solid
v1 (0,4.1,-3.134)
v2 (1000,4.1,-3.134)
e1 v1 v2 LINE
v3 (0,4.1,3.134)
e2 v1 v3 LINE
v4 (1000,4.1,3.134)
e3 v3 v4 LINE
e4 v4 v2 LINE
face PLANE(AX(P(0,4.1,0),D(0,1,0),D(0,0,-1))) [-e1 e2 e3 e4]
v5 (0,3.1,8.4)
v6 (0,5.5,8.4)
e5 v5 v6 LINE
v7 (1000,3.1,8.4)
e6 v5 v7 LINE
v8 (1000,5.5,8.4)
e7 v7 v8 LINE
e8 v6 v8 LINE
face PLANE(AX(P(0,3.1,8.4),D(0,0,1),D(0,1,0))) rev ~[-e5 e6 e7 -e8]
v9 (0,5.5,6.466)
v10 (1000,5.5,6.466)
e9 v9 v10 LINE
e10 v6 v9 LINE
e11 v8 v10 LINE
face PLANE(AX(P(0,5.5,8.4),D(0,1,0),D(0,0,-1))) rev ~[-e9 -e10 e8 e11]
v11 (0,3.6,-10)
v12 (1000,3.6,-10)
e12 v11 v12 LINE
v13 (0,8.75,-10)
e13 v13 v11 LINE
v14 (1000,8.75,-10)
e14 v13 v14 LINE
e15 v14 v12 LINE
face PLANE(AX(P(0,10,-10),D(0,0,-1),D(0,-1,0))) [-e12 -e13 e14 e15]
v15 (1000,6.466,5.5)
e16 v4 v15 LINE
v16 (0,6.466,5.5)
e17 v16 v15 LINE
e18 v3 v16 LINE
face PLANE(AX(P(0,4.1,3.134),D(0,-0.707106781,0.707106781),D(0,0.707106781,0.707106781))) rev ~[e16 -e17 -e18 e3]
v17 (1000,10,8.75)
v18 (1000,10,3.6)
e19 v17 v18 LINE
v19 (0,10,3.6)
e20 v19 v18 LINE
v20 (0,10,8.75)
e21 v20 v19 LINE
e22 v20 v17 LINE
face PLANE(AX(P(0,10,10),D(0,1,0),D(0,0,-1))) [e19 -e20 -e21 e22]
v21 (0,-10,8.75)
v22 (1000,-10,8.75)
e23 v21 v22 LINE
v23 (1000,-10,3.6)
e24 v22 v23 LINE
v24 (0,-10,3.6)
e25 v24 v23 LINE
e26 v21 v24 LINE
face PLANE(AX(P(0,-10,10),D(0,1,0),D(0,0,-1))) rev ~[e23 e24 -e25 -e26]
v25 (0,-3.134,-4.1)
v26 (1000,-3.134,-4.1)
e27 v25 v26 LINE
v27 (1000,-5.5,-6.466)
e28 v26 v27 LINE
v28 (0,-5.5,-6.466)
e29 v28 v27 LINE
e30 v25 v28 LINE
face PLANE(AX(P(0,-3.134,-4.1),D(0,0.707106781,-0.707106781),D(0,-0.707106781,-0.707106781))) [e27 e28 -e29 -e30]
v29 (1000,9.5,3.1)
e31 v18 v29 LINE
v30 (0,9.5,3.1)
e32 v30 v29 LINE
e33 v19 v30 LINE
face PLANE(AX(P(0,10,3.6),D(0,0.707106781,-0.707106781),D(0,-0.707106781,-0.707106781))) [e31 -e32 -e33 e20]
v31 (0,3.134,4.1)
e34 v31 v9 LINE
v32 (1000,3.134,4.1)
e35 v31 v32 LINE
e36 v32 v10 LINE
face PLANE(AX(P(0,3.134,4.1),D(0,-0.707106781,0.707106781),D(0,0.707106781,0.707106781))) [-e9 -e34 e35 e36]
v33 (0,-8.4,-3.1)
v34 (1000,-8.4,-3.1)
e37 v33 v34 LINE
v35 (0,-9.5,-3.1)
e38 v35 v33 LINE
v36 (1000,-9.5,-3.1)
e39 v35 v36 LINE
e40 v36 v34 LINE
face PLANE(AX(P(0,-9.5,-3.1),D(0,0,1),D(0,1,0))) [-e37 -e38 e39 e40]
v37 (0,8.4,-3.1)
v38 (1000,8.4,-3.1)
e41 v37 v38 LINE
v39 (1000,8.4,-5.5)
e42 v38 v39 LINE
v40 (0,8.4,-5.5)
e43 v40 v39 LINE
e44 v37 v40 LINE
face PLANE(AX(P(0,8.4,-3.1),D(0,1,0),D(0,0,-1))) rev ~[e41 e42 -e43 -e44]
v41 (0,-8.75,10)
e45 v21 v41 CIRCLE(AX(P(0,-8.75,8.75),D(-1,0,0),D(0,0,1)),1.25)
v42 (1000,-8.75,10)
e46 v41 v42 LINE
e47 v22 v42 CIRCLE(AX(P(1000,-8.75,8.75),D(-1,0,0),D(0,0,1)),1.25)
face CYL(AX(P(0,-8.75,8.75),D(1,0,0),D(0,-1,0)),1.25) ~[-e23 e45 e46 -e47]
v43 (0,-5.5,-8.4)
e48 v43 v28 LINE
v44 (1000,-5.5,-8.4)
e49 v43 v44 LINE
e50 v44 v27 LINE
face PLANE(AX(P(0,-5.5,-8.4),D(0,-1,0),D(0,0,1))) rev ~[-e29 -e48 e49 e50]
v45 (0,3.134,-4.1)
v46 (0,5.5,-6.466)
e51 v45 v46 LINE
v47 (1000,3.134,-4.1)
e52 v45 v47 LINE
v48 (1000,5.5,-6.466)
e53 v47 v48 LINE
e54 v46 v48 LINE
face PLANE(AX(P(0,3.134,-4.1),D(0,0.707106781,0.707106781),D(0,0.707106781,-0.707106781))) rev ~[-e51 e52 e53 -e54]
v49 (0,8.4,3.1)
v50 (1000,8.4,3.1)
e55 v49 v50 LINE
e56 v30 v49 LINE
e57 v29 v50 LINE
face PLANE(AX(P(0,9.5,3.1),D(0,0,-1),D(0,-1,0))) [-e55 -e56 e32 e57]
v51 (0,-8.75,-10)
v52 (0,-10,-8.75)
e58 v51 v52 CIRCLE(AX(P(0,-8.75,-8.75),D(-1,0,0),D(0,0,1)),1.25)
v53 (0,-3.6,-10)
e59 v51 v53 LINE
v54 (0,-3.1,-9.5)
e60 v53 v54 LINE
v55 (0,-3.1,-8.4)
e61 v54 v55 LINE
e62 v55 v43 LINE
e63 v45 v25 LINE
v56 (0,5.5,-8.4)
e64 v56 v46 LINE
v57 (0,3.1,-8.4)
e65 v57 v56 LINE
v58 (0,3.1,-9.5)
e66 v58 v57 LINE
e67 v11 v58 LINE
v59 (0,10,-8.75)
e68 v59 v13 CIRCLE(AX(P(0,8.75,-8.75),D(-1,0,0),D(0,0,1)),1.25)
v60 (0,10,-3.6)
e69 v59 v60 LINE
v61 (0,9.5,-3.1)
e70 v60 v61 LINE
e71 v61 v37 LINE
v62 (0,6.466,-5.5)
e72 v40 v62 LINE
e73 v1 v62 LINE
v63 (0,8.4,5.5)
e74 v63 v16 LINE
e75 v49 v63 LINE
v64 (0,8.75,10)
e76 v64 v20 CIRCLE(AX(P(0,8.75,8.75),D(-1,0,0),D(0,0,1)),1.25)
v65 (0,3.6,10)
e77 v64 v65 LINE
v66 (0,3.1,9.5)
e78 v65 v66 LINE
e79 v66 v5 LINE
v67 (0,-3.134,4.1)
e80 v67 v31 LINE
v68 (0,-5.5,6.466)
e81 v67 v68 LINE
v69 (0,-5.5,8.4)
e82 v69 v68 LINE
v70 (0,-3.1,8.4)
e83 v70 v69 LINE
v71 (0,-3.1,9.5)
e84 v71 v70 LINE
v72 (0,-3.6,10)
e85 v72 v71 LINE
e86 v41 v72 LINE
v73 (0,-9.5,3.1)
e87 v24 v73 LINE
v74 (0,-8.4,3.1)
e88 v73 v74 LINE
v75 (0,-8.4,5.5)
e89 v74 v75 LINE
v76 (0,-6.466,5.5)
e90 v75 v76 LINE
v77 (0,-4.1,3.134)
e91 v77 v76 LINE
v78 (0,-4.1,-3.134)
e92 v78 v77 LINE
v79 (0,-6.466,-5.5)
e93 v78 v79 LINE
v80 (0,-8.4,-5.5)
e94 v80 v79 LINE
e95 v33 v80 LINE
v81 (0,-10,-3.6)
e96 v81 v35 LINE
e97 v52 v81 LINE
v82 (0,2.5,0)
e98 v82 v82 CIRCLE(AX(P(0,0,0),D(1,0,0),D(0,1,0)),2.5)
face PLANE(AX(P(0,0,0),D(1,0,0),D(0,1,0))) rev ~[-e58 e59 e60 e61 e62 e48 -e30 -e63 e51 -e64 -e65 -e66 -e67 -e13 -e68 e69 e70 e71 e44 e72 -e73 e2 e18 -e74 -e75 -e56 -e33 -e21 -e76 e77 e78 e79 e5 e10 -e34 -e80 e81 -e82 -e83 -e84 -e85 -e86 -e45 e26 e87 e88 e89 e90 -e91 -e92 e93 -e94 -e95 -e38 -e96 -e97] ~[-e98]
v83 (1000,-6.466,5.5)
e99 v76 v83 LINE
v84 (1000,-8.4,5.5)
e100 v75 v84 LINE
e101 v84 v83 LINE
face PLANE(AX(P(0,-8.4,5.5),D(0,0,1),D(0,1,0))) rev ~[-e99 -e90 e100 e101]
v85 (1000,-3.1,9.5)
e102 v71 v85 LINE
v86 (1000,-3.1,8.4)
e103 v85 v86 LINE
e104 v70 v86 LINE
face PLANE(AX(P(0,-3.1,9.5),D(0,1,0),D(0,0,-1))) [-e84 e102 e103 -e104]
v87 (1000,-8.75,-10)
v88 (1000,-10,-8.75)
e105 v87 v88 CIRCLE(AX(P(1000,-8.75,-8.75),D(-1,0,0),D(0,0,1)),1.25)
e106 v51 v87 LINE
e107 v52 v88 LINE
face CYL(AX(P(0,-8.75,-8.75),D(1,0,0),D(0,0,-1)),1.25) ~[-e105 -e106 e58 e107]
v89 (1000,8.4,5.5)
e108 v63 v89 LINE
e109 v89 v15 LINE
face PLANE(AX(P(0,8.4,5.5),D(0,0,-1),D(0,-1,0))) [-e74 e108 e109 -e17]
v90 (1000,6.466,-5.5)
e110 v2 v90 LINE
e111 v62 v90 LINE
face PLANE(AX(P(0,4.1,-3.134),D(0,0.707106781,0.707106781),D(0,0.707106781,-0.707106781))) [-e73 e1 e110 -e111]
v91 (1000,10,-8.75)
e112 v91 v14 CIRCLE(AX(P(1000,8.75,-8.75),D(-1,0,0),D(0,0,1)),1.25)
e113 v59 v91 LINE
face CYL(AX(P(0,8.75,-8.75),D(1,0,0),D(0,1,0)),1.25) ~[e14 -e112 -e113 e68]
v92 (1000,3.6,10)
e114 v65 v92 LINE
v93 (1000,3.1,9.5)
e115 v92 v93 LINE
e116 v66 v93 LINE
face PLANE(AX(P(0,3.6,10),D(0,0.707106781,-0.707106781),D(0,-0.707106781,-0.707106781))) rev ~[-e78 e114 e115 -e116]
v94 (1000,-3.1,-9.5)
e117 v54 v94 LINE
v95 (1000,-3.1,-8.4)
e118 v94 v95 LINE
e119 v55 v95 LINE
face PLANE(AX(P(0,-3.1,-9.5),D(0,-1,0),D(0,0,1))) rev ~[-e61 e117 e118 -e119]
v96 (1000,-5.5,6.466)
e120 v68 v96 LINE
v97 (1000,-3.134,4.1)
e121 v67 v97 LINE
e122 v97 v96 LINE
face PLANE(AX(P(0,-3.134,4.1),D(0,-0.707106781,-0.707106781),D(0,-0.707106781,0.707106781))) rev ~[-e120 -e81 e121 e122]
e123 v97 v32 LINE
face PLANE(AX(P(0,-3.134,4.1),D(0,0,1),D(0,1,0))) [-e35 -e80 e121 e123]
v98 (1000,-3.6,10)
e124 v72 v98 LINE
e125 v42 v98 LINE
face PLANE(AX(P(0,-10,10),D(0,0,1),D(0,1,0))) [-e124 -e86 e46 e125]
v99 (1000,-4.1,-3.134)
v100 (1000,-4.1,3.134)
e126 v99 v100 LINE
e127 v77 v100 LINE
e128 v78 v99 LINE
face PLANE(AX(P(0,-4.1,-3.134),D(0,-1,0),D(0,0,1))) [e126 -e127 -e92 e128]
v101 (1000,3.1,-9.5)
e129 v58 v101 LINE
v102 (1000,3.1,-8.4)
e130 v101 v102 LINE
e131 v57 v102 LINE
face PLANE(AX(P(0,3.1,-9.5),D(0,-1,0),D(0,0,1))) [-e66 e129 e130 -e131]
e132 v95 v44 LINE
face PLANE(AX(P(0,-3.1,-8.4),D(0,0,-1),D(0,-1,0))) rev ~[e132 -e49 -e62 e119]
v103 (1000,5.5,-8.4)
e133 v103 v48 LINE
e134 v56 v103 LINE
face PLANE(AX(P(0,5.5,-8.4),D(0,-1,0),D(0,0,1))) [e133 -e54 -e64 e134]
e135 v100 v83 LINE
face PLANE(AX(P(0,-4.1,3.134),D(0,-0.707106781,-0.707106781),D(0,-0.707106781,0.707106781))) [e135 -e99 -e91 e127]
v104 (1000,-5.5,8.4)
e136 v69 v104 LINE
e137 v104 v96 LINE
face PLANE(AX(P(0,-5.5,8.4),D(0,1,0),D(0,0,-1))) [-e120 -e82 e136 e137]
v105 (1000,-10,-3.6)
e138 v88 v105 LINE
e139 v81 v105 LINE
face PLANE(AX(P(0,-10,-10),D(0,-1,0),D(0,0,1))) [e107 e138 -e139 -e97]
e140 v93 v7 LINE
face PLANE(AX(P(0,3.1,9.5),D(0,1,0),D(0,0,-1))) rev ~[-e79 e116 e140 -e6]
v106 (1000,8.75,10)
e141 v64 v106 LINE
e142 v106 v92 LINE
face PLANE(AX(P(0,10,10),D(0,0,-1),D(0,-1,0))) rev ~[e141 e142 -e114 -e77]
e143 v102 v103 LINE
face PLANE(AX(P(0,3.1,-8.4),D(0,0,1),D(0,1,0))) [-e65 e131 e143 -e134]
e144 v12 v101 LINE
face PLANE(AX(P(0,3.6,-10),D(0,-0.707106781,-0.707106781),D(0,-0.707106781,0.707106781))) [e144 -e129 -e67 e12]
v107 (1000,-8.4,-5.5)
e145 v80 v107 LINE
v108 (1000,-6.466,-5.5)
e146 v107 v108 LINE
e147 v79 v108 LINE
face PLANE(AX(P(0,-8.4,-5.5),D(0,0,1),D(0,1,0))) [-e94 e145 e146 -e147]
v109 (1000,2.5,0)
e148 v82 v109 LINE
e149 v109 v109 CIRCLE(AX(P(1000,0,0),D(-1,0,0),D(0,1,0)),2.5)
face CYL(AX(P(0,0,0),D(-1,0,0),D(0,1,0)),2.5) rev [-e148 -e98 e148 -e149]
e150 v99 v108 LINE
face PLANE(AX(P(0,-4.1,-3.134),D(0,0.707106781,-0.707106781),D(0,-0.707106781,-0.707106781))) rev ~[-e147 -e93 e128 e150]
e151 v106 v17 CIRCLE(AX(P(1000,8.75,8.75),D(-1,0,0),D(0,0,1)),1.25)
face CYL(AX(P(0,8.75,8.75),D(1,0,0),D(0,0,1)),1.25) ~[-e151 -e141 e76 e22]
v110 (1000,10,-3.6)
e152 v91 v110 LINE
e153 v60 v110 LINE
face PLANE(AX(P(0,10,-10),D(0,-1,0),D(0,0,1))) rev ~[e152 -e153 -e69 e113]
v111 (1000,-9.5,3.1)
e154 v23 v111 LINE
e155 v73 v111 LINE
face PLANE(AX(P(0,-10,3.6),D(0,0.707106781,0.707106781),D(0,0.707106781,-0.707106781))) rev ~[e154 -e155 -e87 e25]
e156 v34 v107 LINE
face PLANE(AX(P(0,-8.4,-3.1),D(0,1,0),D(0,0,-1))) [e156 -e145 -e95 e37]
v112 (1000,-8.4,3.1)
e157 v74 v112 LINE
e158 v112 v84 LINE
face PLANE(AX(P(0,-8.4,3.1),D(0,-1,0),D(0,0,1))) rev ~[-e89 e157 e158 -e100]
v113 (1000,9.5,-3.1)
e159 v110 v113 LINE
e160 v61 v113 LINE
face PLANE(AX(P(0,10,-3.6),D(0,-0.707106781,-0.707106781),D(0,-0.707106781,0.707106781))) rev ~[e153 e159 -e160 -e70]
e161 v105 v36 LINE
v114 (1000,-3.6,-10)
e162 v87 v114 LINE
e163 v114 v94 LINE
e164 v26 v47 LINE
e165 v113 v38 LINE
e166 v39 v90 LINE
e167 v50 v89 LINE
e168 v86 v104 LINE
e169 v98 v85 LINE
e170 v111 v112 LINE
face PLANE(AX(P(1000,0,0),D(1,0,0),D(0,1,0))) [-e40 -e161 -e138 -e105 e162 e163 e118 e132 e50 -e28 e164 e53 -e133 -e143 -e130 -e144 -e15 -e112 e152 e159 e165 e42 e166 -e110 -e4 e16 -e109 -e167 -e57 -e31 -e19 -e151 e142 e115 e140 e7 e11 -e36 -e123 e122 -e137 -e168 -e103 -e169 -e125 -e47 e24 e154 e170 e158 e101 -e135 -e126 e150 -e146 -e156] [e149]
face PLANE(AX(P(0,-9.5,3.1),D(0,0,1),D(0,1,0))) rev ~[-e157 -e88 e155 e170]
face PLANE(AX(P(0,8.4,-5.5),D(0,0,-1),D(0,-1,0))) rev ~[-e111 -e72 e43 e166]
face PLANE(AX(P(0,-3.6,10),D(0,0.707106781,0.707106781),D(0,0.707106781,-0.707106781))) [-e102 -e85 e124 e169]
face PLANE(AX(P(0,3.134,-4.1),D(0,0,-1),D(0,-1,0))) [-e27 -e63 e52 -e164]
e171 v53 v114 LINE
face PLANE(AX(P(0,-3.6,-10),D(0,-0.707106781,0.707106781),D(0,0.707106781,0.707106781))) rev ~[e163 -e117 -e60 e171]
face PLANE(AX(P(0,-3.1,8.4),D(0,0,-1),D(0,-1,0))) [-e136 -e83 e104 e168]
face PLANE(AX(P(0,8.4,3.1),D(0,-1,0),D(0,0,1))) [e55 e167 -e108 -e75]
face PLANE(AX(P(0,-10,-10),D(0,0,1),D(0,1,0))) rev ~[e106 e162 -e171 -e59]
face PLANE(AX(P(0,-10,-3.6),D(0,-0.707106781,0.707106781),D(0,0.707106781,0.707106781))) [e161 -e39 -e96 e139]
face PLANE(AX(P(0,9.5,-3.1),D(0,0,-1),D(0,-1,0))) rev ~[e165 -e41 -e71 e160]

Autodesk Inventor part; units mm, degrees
ref_plane "YZ Plane" through (0, 0, 0) normal (1, 0, 0) x (0, 1, 0)
ref_plane "XZ Plane" through (0, 0, 0) normal (0, 1, 0) x (-1, 0, 0)
ref_plane "XY Plane" through (0, 0, 0) normal (0, 0, 1) x (1, 0, 0)
sketch "Sketch1" plane through (0, 0, 0) normal (1, 0, 0) x (0, 1, 0)
  circle A0 centre (0, 0) radius 2.5
  line L0 (0, 0) -> (10, 0)
  line L1 (10, -10) -> (10, -3.6)
  line L2 (10, -3.6) -> (9.5, -3.1)
  line L3 (9.5, -3.1) -> (8.4, -3.1)
  line L4 (8.4, -3.1) -> (8.4, -5.5)
  line L5 (-3.134, 4.1) -> (3.134, 4.1)
  line L6 (4.1, 3.134) -> (4.1, -3.134)
  line L7 (3.134, -4.1) -> (-3.134, -4.1)
  line L8 (-4.1, -3.134) -> (-4.1, 3.134)
  line L9 (-4.1, 4.1) -> (4.1, -4.1) construction
  line L10 (4.1, 4.1) -> (-4.1, -4.1) construction
  line L11 (4.1, -3.134) -> (6.466, -5.5)
  line L12 (8.4, -5.5) -> (6.466, -5.5)
  line L13 (10, -10) -> (3.6, -10)
  line L14 (3.6, -10) -> (3.1, -9.5)
  line L15 (3.1, -9.5) -> (3.1, -8.4)
  line L16 (3.1, -8.4) -> (5.5, -8.4)
  line L17 (3.134, -4.1) -> (5.5, -6.466)
  line L18 (5.5, -8.4) -> (5.5, -6.466)
  line L19 (10, 10) -> (10, 3.6)
  line L20 (10, 3.6) -> (9.5, 3.1)
  line L21 (9.5, 3.1) -> (8.4, 3.1)
  line L22 (8.4, 3.1) -> (8.4, 5.5)
  line L23 (4.1, 3.134) -> (6.466, 5.5)
  line L24 (8.4, 5.5) -> (6.466, 5.5)
  line L25 (5.5, 8.4) -> (5.5, 6.466)
  line L26 (3.134, 4.1) -> (5.5, 6.466)
  line L27 (3.1, 8.4) -> (5.5, 8.4)
  line L28 (3.1, 9.5) -> (3.1, 8.4)
  line L29 (3.6, 10) -> (3.1, 9.5)
  line L30 (10, 10) -> (3.6, 10)
  line L31 (0, 0) -> (0, -5.5)
  line L32 (-10, -10) -> (-10, -3.6)
  line L33 (-10, -3.6) -> (-9.5, -3.1)
  line L34 (-9.5, -3.1) -> (-8.4, -3.1)
  line L35 (-8.4, -3.1) -> (-8.4, -5.5)
  line L36 (-4.1, -3.134) -> (-6.466, -5.5)
  line L37 (-8.4, -5.5) -> (-6.466, -5.5)
  line L38 (-5.5, -8.4) -> (-5.5, -6.466)
  line L39 (-3.134, -4.1) -> (-5.5, -6.466)
  line L40 (-3.1, -8.4) -> (-5.5, -8.4)
  line L41 (-3.1, -9.5) -> (-3.1, -8.4)
  line L42 (-3.6, -10) -> (-3.1, -9.5)
  line L43 (-10, -10) -> (-3.6, -10)
  line L44 (-4.1, 3.134) -> (-6.466, 5.5)
  line L45 (-3.134, 4.1) -> (-5.5, 6.466)
  line L46 (-8.4, 3.1) -> (-8.4, 5.5)
  line L47 (-8.4, 5.5) -> (-6.466, 5.5)
  line L48 (-5.5, 8.4) -> (-5.5, 6.466)
  line L49 (-3.1, 8.4) -> (-5.5, 8.4)
  line L50 (-9.5, 3.1) -> (-8.4, 3.1)
  line L51 (-10, 3.6) -> (-9.5, 3.1)
  line L52 (-3.1, 9.5) -> (-3.1, 8.4)
  line L53 (-3.6, 10) -> (-3.1, 9.5)
  line L54 (-10, 10) -> (-3.6, 10)
  line L55 (-10, 10) -> (-10, 3.6)
  point P0 (-10, 0)
  dimension "d0" = 5
  dimension "d3" = 3.6
  dimension "d4" = 45
  dimension "d5" = 3.1
  dimension "d7" = 5.5
  dimension "d8" = 1.6
  dimension "d11" = 4.3
extrude "Extrusion1" add sketch "Sketch1" along normal blind 1000 contours L0 L6 L11 L12 L4 L3 L2 L1 L13 L14 L15 L16 L18 L17 L7 L31 A0 | A0 L31 L7 L39 L38 L40 L41 L42 L43 L32 L33 L34 L35 L37 L36 L8 L44 L47 L46 L50 L51 L55 L54 L53 L52 L49 L48 L45 L5 L26 L25 L27 L28 L29 L30 L19 L20 L21 L22 L24 L23 L6 L0
fillet "Fillet1" radius 1.25 4 edges at (500, 10, 10) (500, -10, 10) (500, 10, -10) (500, -10, -10)
properties part number "2020-1m"
